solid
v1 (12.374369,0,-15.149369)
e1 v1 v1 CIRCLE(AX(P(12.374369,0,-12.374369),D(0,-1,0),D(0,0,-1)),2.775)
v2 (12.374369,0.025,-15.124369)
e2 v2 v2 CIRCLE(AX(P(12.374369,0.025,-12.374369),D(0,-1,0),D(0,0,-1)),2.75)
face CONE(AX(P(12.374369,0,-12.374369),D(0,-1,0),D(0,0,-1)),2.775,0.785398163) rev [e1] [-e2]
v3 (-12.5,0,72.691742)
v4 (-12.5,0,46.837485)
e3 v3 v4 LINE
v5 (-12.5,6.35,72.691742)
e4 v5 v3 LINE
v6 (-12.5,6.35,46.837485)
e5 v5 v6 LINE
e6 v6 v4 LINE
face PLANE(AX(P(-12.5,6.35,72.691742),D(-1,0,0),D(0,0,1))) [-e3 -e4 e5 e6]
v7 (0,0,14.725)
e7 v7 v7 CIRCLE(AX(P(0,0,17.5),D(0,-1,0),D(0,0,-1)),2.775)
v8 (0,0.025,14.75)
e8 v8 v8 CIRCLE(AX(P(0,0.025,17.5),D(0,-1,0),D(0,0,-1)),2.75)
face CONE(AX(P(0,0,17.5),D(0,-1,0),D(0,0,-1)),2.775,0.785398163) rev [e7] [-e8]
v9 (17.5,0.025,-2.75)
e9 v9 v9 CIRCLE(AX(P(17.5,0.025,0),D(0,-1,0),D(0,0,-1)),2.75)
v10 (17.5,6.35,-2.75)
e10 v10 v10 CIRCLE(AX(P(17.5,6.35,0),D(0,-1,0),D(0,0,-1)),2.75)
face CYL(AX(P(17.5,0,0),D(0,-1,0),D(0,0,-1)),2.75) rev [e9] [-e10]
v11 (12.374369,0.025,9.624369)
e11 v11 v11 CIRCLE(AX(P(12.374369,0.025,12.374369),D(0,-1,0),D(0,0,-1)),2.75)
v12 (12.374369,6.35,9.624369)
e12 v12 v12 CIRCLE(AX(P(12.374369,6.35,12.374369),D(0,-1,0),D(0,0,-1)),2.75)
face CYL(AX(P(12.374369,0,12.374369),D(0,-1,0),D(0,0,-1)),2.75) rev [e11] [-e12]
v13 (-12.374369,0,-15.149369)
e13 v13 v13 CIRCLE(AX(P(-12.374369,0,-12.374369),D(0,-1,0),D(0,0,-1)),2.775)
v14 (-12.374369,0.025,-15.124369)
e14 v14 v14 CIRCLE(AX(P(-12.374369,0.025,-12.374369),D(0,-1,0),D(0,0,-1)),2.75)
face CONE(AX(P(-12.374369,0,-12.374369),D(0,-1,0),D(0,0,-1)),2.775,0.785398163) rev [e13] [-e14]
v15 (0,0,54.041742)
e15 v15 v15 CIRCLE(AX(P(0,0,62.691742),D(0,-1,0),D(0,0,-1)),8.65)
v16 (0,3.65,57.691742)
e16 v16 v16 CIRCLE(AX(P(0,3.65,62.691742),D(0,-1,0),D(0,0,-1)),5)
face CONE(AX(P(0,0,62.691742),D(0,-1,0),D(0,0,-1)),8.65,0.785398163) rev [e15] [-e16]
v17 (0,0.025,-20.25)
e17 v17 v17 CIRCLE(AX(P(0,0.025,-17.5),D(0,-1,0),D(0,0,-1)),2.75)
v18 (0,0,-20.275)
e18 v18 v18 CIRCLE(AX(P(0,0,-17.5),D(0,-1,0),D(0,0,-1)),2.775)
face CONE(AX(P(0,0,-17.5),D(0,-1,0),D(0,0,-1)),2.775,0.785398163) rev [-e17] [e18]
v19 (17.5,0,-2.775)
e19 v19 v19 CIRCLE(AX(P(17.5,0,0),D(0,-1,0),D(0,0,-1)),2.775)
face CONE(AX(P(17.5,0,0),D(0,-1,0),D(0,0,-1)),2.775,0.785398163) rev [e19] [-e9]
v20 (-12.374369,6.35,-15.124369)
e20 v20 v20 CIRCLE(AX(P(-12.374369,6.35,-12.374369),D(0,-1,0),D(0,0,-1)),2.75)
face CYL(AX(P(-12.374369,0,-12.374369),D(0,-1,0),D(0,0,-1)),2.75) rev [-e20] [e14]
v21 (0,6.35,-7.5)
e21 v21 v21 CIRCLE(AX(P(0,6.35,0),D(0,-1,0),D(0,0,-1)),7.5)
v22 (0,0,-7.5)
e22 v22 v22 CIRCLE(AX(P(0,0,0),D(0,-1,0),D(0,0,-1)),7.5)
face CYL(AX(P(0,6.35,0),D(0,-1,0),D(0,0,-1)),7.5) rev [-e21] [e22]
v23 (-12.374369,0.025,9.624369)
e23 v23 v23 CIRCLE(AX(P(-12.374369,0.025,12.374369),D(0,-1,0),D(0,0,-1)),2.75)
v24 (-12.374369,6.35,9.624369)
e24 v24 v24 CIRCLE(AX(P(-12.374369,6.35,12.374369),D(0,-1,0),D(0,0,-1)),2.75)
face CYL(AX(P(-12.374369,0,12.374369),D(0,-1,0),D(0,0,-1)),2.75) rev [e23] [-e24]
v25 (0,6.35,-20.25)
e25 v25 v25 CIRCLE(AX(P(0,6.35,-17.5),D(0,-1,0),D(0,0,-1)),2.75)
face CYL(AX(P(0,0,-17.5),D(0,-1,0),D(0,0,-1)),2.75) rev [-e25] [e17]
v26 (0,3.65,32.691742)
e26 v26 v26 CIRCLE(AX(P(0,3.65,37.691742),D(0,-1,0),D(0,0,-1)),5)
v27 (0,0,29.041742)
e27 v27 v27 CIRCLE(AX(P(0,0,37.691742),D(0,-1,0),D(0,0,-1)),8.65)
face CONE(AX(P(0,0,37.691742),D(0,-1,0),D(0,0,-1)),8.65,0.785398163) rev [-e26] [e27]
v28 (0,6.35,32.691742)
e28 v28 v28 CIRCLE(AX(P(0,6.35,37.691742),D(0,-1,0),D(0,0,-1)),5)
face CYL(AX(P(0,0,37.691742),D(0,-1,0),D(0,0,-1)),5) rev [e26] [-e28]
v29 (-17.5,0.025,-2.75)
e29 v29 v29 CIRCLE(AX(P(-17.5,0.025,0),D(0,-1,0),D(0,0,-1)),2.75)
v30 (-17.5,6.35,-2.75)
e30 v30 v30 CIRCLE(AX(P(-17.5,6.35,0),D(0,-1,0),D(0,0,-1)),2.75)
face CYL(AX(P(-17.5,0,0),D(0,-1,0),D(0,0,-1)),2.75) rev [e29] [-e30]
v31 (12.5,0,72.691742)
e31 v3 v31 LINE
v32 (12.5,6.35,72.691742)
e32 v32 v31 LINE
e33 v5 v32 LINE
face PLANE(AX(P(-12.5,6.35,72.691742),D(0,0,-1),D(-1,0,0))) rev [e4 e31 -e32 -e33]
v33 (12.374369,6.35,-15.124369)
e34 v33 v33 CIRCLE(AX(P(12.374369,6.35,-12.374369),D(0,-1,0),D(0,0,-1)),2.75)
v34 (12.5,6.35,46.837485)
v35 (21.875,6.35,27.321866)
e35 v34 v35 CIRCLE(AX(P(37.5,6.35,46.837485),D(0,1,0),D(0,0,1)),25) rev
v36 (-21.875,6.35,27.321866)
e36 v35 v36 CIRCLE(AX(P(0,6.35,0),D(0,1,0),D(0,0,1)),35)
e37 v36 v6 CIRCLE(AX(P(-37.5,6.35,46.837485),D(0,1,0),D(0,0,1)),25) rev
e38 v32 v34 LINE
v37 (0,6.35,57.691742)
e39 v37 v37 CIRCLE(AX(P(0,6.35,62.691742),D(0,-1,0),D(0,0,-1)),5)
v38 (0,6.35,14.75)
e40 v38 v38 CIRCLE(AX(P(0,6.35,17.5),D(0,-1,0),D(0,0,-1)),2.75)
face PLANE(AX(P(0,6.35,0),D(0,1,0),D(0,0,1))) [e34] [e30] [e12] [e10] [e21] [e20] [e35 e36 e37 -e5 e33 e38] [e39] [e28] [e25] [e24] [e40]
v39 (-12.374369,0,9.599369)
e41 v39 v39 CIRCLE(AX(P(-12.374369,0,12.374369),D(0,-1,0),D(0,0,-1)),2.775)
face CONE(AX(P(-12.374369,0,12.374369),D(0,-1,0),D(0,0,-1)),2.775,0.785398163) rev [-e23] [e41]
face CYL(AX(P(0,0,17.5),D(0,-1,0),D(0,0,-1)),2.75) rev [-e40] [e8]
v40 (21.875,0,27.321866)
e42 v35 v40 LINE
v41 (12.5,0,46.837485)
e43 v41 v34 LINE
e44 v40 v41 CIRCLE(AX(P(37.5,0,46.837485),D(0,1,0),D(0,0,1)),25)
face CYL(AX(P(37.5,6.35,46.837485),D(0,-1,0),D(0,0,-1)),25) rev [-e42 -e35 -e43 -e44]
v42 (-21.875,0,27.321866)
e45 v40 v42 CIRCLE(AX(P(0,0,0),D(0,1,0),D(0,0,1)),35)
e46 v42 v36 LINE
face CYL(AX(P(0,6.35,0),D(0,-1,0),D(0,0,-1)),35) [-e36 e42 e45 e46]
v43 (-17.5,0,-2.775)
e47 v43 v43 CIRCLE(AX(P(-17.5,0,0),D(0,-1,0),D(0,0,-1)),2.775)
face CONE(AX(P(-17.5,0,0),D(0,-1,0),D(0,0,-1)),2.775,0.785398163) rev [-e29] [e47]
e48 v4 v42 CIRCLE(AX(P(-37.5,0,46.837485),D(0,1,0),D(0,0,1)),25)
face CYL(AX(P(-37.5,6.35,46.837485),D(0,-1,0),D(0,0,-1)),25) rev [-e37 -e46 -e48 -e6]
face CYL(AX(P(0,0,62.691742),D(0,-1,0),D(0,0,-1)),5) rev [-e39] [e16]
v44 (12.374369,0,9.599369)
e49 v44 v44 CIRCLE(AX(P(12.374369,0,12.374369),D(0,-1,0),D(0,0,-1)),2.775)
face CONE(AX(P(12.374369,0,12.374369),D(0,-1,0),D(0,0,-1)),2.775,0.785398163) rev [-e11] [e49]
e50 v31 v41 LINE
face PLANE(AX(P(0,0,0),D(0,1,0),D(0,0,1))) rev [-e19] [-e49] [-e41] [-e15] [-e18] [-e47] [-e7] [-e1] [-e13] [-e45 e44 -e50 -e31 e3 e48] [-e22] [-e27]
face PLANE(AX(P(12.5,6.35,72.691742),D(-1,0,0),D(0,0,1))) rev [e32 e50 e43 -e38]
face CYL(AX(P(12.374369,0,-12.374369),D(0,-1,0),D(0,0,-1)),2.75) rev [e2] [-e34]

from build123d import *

# Parameters (mm, degrees)
BOSS_EXTRUDE1_DEPTH                            = 6.35
M5_CLEARANCE_HOLE1_D                           = 5.5
M5_CLEARANCE_HOLE1_CSINK_D                     = 5.55
M5_CLEARANCE_HOLE1_CSINK_ANGLE                 = 90
SKETCH5_R                                      = 7.5
CUT_EXTRUDE1_DEPTH                             = 81.928436696
CSK_FOR_M8_FLAT_HEAD_MACHINE_SCREW1_AT_2_COUNT = 2
CSK_FOR_M8_FLAT_HEAD_MACHINE_SCREW1_AT_2_PITCH = 25
FILLET1_R                                      = 25


with BuildPart() as part:
    # Sketch1 → Boss-Extrude1 (new body)
    with BuildSketch(Plane(origin=(0, 0, 0), x_dir=(1, 0, 0), z_dir=(0, 1, 0))):
        with BuildLine():
            Line((-12.5, -72.691742077), (12.5, -72.691742077))
            Line((12.5, -72.691742077), (12.5, -32.691742077))
            ThreePointArc((12.5, -32.691742077), (0, 35), (-12.5, -32.691742077))
            Line((-12.5, -32.691742077), (-12.5, -72.691742077))
        make_face()
    extrude(amount=BOSS_EXTRUDE1_DEPTH)

    # M5 Clearance Hole1 (through all)
    with Locations(Plane(origin=(0, 0, 0), x_dir=(-1, 0, 0), z_dir=(0, -1, 0))):
        with Locations((0, 17.5), (12.374368671, 12.374368671), (17.5, 0), (12.374368671, -12.374368671), (0, -17.5), (-12.374368671, -12.374368671), (-17.5, 0), (-12.374368671, 12.374368671)):
            CounterSinkHole(M5_CLEARANCE_HOLE1_D / 2, M5_CLEARANCE_HOLE1_CSINK_D / 2, counter_sink_angle=M5_CLEARANCE_HOLE1_CSINK_ANGLE)

    # Sketch5 → Cut-Extrude1 (cut, through all)
    with BuildSketch(Plane.XZ):
        with Locations(Location((0, 0, 0), (0, 0, 270))):
            Circle(SKETCH5_R)
    extrude(amount=-CUT_EXTRUDE1_DEPTH, mode=Mode.SUBTRACT)

    # Sketch8 → CSK for M8 Flat Head Machine Screw1 (revolve, cut)
    with BuildSketch(Plane(origin=(0, 0, 37.691742077), x_dir=(0, 0, -1), z_dir=(1, 0, 0))):
        Polygon((0, 0), (0, 6.35), (5, 6.35), (5, 3.65), (8.65, 0), align=None)
    csk_for_m8_flat_head_machine_screw1 = revolve(axis=Axis((0, -6.35, 37.691742077), (0, 1, 0)), mode=Mode.SUBTRACT)

    # CSK for M8 Flat Head Machine Screw1 at 2: CSK for M8 Flat Head Machine Screw1 ×2
    with Locations(*[(0, 0, i * CSK_FOR_M8_FLAT_HEAD_MACHINE_SCREW1_AT_2_PITCH) for i in range(1, CSK_FOR_M8_FLAT_HEAD_MACHINE_SCREW1_AT_2_COUNT)]):
        add(csk_for_m8_flat_head_machine_screw1, mode=Mode.SUBTRACT)

    # Fillet1
    fillet1_edges = [part.edges().sort_by_distance(p)[0] for p in [
        (-12.5, 3.175, 32.691742077),
        (12.5, 3.175, 32.691742077),
    ]]
    fillet(fillet1_edges, radius=FILLET1_R)


solid = part.part
